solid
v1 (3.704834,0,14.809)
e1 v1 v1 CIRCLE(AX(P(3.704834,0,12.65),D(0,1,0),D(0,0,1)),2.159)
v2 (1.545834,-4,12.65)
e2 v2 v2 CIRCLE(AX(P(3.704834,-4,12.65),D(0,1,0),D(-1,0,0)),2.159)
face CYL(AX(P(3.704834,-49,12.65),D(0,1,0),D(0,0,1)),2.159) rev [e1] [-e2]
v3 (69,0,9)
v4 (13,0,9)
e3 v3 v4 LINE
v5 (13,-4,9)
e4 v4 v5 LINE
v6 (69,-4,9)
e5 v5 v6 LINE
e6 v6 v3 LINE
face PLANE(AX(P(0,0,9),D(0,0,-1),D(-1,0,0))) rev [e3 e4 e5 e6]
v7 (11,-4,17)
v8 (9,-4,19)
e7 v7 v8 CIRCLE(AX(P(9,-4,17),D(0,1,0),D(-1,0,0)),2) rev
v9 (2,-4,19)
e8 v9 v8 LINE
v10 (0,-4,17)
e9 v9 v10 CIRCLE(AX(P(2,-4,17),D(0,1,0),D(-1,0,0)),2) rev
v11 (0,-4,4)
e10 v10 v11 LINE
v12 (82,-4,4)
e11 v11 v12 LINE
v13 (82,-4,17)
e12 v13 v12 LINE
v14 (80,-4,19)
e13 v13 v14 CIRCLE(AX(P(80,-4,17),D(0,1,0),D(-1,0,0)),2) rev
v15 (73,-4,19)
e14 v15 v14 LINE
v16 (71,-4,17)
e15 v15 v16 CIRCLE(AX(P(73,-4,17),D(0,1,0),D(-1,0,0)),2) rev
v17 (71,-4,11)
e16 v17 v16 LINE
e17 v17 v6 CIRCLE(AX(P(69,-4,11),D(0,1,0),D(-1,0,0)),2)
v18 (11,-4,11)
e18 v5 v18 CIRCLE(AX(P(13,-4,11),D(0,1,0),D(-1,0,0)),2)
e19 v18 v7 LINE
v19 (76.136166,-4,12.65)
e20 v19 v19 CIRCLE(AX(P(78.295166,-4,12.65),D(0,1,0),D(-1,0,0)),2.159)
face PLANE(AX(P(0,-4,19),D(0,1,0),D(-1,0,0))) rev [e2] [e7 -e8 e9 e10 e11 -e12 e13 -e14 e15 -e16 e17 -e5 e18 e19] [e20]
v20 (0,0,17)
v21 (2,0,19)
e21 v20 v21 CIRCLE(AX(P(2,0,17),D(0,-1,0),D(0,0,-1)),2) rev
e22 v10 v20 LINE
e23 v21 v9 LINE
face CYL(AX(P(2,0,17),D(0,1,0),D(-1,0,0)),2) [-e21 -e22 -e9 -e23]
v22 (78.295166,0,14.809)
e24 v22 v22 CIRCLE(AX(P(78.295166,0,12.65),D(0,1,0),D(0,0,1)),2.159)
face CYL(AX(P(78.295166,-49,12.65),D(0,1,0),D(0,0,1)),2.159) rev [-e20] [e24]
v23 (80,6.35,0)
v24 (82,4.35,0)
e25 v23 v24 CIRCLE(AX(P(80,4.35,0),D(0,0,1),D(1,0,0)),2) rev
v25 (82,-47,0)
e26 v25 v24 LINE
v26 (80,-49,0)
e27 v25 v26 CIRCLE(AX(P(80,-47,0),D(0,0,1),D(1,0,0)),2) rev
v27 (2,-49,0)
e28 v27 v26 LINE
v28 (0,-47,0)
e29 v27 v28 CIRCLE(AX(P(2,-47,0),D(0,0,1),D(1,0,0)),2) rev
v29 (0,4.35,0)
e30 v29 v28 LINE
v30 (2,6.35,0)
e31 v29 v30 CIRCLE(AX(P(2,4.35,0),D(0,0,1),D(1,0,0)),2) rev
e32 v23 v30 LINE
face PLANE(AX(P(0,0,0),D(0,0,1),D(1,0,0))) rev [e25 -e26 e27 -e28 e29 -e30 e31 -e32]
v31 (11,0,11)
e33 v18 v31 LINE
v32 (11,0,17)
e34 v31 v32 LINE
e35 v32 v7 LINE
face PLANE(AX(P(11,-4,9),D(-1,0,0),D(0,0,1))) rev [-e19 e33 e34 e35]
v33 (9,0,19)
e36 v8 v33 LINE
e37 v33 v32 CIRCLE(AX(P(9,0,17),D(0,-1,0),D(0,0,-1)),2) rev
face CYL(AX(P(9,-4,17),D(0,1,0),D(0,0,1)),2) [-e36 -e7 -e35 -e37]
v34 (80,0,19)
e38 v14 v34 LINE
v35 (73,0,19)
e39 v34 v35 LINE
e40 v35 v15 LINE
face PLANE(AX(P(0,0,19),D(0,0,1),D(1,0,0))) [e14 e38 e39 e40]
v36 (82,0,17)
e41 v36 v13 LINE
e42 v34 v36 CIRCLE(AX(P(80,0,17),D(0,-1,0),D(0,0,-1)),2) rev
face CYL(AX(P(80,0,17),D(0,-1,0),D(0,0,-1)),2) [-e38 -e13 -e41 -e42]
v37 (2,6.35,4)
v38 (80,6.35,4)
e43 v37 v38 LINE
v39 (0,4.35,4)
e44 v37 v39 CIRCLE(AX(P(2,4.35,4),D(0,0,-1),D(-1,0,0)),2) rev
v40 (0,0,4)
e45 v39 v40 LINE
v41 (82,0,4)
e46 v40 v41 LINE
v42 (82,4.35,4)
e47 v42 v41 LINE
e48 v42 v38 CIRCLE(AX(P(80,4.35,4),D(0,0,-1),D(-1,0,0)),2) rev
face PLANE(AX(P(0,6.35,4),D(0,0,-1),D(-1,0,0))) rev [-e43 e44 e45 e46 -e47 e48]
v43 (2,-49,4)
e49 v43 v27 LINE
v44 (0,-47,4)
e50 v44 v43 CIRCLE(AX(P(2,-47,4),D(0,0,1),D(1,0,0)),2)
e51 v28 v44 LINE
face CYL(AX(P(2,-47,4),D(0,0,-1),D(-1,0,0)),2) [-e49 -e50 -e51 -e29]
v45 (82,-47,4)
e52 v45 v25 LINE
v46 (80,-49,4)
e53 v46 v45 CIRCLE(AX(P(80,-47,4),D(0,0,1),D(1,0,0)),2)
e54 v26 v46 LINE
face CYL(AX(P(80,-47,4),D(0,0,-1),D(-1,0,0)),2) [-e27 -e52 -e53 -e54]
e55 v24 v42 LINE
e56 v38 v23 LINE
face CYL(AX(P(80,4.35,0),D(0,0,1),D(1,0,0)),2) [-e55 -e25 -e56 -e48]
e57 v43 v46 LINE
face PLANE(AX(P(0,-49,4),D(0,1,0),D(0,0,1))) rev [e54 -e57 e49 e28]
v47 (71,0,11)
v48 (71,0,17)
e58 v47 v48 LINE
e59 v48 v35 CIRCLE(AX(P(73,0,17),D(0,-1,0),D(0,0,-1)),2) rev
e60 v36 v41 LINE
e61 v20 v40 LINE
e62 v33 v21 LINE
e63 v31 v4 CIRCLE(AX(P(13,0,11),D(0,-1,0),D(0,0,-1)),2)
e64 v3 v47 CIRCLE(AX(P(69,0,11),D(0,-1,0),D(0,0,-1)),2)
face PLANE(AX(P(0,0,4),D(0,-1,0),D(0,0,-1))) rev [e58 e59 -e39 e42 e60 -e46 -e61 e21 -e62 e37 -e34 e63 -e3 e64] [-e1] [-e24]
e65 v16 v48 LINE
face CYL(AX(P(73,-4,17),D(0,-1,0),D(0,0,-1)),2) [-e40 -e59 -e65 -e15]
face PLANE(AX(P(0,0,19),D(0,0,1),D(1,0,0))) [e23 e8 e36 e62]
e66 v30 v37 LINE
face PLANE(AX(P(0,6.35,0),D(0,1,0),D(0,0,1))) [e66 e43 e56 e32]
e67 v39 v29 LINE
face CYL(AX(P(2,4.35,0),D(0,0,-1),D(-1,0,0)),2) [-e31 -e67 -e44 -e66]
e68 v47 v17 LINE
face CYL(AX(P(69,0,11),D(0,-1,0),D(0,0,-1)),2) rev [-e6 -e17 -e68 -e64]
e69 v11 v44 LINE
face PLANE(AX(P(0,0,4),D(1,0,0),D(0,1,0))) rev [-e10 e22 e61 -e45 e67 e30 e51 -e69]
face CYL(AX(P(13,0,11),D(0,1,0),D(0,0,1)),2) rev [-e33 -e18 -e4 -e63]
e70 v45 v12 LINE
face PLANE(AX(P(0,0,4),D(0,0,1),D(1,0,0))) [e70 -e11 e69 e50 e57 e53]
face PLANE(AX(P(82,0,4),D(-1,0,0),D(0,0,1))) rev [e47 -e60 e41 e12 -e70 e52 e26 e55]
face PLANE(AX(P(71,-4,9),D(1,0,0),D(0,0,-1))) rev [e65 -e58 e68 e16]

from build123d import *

# Parameters (mm, degrees)
SKETCH1_W           = 82
SKETCH1_H           = 49
BOSS_EXTRUDE1_DEPTH = 4
SKETCH2_W           = 82
SKETCH2_H           = 4
BOSS_EXTRUDE2_DEPTH = 15
SKETCH3_R           = 2.159
CUT_EXTRUDE1_DEPTH  = 50
SKETCH4_W           = 82
SKETCH4_H           = 4
BOSS_EXTRUDE3_DEPTH = 6.35
SKETCH5_W           = 60
SKETCH5_H           = 4
CUT_EXTRUDE2_DEPTH  = 10
FILLET1_R           = 2


with BuildPart() as part:
    # Sketch1 → Boss-Extrude1 (new body)
    with BuildSketch(Plane.XY):
        with Locations((41, -24.5)):
            Rectangle(SKETCH1_W, SKETCH1_H)
    extrude(amount=BOSS_EXTRUDE1_DEPTH)

    # Sketch2 → Boss-Extrude2 (add)
    with BuildSketch(Plane.XY.offset(4)):
        with Locations((41, -2)):
            Rectangle(SKETCH2_W, SKETCH2_H)
    extrude(amount=BOSS_EXTRUDE2_DEPTH)

    # Sketch3 → Cut-Extrude1 (cut, through all)
    with BuildSketch(Plane(origin=(0, 0, 0), x_dir=(1, 0, 0), z_dir=(0, 1, 0))):
        with Locations((3.704833995, -12.65)):
            Circle(SKETCH3_R)
        with Locations((78.295166005, -12.65)):
            Circle(SKETCH3_R)
    extrude(amount=-CUT_EXTRUDE1_DEPTH, mode=Mode.SUBTRACT)

    # Sketch4 → Boss-Extrude3 (add)
    with BuildSketch(Plane(origin=(0, 0, 0), x_dir=(1, 0, 0), z_dir=(0, 1, 0))):
        with Locations((41, -2)):
            Rectangle(SKETCH4_W, SKETCH4_H)
    extrude(amount=BOSS_EXTRUDE3_DEPTH)

    # Sketch5 → Cut-Extrude2 (cut)
    with BuildSketch(Plane.XY.offset(19)):
        with Locations((41, -2)):
            Rectangle(SKETCH5_W, SKETCH5_H)
    extrude(amount=-CUT_EXTRUDE2_DEPTH, mode=Mode.SUBTRACT)

    # Fillet1
    fillet1_edges = [part.edges().sort_by_distance(p)[0] for p in [
        (0, -2, 19),
        (82, -2, 19),
        (0, 6.35, 2),
        (82, 6.35, 2),
        (71, -2, 9),
        (11, -2, 9),
        (71, -2, 19),
        (11, -2, 19),
        (82, -49, 2),
        (0, -49, 2),
    ]]
    fillet(fillet1_edges, radius=FILLET1_R)


solid = part.part
